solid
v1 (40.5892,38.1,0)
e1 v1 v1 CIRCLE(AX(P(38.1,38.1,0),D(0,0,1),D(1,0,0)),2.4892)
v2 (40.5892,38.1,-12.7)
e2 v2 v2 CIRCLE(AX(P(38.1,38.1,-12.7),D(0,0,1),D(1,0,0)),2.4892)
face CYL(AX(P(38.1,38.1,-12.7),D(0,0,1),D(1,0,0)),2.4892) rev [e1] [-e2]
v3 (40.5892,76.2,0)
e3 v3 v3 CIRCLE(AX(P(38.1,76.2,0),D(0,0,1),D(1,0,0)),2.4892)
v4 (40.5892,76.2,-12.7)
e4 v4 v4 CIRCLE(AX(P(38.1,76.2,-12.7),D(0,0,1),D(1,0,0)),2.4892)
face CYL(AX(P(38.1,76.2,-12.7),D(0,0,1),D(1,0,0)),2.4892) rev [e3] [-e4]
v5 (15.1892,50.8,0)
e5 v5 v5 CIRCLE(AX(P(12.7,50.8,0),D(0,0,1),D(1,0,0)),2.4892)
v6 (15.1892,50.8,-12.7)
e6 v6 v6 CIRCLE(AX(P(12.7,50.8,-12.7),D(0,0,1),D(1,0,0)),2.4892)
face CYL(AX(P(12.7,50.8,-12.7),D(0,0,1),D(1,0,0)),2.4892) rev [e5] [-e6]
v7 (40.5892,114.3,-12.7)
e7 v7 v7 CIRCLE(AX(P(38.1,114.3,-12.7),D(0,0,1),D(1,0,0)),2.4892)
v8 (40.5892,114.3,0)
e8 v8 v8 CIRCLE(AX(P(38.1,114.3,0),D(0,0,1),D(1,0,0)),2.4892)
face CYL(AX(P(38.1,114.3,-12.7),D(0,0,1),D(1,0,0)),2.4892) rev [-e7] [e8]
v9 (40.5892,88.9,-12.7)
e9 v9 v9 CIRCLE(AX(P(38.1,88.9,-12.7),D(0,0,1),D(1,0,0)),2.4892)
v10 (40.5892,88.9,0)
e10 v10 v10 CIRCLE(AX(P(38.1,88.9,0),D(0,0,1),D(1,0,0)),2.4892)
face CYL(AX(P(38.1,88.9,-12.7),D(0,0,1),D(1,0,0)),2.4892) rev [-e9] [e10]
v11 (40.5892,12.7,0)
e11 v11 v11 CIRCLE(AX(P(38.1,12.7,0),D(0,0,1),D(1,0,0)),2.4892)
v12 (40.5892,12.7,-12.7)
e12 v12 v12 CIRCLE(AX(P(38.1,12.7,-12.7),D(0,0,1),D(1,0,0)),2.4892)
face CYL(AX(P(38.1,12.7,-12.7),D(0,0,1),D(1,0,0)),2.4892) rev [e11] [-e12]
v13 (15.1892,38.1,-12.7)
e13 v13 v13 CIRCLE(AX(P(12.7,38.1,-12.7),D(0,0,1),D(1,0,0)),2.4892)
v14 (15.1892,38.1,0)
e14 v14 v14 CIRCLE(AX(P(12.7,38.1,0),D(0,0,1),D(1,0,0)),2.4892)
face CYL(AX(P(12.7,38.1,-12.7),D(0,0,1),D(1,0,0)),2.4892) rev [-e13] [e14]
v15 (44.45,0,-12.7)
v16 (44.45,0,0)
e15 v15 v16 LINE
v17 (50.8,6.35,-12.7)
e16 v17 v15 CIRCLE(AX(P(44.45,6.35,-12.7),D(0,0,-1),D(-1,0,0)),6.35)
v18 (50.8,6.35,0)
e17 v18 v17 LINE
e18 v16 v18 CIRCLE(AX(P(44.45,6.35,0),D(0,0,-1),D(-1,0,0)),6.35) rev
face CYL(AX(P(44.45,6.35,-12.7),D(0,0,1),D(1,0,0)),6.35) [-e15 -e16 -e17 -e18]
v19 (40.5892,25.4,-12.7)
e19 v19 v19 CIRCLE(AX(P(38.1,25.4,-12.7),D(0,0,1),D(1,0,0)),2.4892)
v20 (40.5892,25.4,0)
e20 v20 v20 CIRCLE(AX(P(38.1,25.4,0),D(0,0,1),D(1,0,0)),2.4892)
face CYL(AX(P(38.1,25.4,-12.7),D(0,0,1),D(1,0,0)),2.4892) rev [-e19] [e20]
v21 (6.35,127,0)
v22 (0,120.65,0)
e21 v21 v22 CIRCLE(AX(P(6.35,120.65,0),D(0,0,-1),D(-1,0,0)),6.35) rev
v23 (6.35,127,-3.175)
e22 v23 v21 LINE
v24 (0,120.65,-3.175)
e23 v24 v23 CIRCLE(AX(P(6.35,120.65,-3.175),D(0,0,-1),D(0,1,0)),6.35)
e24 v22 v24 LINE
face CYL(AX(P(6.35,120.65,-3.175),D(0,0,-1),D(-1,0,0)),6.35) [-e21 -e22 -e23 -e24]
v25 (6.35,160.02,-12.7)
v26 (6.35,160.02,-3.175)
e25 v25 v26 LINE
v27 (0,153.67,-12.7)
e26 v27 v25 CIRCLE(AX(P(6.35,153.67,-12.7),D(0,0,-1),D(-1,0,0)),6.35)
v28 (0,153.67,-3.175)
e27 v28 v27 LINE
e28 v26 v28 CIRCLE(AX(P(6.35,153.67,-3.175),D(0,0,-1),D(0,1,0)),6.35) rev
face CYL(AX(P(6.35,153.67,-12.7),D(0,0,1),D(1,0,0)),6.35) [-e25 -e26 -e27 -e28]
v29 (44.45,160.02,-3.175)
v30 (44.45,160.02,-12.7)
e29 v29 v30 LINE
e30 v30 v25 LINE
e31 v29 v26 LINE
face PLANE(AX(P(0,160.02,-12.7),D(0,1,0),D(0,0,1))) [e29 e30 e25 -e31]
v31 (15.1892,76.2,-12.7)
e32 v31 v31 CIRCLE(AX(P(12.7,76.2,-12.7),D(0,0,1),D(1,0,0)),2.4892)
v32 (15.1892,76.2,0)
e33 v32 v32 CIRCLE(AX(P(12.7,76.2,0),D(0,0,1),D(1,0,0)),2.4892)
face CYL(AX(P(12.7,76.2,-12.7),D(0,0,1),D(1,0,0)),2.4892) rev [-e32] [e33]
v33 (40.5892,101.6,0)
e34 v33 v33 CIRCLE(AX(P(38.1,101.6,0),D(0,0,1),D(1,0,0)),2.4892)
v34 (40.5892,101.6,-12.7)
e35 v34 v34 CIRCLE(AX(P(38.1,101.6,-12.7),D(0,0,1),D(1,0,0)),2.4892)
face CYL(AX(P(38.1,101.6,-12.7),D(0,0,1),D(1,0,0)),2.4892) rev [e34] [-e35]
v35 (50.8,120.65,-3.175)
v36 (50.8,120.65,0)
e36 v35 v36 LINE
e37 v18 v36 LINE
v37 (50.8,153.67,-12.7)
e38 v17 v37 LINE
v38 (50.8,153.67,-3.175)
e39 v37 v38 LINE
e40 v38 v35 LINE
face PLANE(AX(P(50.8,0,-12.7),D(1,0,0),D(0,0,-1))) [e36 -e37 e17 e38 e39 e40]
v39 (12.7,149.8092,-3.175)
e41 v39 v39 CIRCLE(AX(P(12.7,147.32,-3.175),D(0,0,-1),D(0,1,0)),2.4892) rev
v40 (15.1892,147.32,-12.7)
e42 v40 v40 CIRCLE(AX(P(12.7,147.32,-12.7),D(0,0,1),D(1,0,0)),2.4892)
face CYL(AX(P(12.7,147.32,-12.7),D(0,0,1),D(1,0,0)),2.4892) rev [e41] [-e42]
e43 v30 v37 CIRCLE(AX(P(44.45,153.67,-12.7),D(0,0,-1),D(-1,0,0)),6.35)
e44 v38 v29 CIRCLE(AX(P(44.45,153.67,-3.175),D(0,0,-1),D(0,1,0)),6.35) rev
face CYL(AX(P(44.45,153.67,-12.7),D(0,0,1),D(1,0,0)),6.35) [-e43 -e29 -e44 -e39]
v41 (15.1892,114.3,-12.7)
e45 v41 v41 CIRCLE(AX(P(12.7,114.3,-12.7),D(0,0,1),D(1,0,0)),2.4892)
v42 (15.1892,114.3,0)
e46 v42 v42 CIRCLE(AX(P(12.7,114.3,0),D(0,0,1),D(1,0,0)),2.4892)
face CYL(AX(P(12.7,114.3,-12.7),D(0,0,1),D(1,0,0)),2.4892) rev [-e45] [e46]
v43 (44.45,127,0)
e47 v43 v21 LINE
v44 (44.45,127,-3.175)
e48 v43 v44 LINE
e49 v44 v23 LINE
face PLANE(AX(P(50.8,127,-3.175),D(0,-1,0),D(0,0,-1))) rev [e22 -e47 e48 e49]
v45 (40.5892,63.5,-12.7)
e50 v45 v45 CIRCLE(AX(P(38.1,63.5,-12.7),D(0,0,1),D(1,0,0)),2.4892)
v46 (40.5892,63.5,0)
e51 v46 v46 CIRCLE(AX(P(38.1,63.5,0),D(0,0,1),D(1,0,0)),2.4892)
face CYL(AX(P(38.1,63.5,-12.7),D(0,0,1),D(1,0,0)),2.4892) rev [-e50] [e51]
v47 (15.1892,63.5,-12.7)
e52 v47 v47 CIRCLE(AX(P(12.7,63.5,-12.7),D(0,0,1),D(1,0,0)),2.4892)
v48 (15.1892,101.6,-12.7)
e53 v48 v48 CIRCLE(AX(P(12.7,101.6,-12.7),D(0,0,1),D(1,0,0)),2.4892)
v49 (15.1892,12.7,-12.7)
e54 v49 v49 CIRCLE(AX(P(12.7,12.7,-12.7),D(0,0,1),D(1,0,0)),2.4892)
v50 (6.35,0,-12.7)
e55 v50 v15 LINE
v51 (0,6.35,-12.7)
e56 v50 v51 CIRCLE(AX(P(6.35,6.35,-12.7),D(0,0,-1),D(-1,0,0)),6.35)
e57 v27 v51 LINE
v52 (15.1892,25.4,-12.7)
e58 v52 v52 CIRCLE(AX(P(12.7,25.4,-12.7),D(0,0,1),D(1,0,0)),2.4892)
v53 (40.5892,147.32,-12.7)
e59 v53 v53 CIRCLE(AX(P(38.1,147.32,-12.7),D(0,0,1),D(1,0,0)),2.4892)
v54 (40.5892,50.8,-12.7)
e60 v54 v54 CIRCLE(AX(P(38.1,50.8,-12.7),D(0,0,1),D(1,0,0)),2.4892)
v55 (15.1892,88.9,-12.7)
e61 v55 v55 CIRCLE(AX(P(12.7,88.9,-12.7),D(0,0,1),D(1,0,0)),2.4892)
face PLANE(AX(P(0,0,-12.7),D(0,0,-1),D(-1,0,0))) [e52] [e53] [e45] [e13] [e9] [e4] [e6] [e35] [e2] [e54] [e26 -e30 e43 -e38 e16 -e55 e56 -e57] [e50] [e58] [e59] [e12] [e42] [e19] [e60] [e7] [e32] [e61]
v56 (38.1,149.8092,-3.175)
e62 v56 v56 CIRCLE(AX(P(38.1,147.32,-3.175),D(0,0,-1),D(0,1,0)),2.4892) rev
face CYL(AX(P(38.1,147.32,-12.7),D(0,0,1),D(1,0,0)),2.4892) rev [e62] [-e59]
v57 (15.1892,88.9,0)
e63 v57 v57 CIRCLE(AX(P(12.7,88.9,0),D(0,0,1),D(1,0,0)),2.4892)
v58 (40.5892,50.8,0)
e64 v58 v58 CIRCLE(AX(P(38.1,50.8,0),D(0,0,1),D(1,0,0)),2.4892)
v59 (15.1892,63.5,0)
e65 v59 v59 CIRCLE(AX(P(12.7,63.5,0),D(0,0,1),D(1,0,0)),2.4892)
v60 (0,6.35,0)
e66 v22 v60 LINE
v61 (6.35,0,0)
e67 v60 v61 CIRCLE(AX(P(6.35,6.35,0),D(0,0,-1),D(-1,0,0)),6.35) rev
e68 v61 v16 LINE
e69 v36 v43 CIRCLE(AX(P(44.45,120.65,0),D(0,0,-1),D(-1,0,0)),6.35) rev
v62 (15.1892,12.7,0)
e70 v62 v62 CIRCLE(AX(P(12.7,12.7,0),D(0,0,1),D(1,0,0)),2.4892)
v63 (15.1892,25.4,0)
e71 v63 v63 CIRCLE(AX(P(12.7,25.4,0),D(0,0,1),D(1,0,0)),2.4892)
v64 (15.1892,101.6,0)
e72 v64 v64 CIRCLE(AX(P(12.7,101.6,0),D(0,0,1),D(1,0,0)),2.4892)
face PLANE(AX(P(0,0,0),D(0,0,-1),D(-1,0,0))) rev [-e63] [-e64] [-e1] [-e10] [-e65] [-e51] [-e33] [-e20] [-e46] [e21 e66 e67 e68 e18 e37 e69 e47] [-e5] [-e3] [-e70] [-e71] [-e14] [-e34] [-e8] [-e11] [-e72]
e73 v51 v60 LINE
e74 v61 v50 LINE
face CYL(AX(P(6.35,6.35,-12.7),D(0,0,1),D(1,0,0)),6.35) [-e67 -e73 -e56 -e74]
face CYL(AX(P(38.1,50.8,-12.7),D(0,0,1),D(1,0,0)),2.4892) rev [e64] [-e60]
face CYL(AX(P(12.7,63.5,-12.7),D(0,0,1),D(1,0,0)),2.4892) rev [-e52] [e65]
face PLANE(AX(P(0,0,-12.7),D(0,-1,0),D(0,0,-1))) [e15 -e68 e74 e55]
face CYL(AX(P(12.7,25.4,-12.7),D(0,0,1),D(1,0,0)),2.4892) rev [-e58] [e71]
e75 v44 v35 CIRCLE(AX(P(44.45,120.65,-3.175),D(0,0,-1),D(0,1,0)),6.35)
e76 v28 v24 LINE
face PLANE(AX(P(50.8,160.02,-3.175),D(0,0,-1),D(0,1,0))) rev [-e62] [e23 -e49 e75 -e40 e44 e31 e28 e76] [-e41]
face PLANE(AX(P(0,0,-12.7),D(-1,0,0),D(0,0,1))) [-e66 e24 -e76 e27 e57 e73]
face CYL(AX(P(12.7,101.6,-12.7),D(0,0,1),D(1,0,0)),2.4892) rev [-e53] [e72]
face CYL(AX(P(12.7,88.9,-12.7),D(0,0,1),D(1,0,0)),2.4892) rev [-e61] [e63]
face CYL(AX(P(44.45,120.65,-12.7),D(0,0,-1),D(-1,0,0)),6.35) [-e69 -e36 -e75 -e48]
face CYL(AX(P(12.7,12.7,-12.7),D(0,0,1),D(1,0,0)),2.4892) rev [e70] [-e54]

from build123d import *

# Parameters (mm, degrees)
SKETCH2_W           = 50.8
SKETCH2_H           = 160.02
BOSS_EXTRUDE1_DEPTH = 12.7
SKETCH3_R           = 2.4892
CUT_EXTRUDE1_DEPTH  = 169.369624339
FILLET1_R           = 6.35
SKETCH4_W           = 3.175
SKETCH4_H           = 33.02
CUT_EXTRUDE2_DEPTH  = 169.369624339
FILLET3_R           = 6.35


with BuildPart() as part:
    # Sketch2 → Boss-Extrude1 (new body)
    with BuildSketch(Plane.XY):
        with Locations((25.4, 80.01)):
            Rectangle(SKETCH2_W, SKETCH2_H)
    extrude(amount=-BOSS_EXTRUDE1_DEPTH)

    # Sketch3 → Cut-Extrude1 (cut, through all)
    with BuildSketch(Plane.XY):
        with Locations((12.7, 147.32)):
            Circle(SKETCH3_R)
        with Locations((38.1, 147.32)):
            Circle(SKETCH3_R)
        with Locations((12.7, 114.3)):
            Circle(SKETCH3_R)
        with Locations((12.7, 101.6)):
            Circle(SKETCH3_R)
        with Locations((12.7, 88.9)):
            Circle(SKETCH3_R)
        with Locations((12.7, 76.2)):
            Circle(SKETCH3_R)
        with Locations((12.7, 63.5)):
            Circle(SKETCH3_R)
        with Locations((38.1, 101.6)):
            Circle(SKETCH3_R)
        with Locations((38.1, 88.9)):
            Circle(SKETCH3_R)
        with Locations((38.1, 76.2)):
            Circle(SKETCH3_R)
        with Locations((38.1, 63.5)):
            Circle(SKETCH3_R)
        with Locations((38.1, 114.3)):
            Circle(SKETCH3_R)
        with Locations((12.7, 50.8)):
            Circle(SKETCH3_R)
        with Locations((12.7, 38.1)):
            Circle(SKETCH3_R)
        with Locations((12.7, 25.4)):
            Circle(SKETCH3_R)
        with Locations((12.7, 12.7)):
            Circle(SKETCH3_R)
        with Locations((38.1, 50.8)):
            Circle(SKETCH3_R)
        with Locations((38.1, 38.1)):
            Circle(SKETCH3_R)
        with Locations((38.1, 25.4)):
            Circle(SKETCH3_R)
        with Locations((38.1, 12.7)):
            Circle(SKETCH3_R)
    extrude(amount=-CUT_EXTRUDE1_DEPTH, mode=Mode.SUBTRACT)

    # Fillet1
    fillet1_edges = [part.edges().sort_by_distance(p)[0] for p in [
        (0, 160.02, -6.35),
        (50.8, 160.02, -6.35),
        (50.8, 0, -6.35),
        (0, 0, -6.35),
    ]]
    fillet(fillet1_edges, radius=FILLET1_R)

    # Sketch4 → Cut-Extrude2 (cut, through all)
    with BuildSketch(Plane.ZY):
        with Locations((-1.5875, 143.51)):
            Rectangle(SKETCH4_W, SKETCH4_H)
    extrude(amount=-CUT_EXTRUDE2_DEPTH, mode=Mode.SUBTRACT)

    # Fillet3
    fillet3_edges = [part.edges().sort_by_distance(p)[0] for p in [
        (0, 127, -1.5875),
        (50.8, 127, -1.5875),
    ]]
    fillet(fillet3_edges, radius=FILLET3_R)


solid = part.part
